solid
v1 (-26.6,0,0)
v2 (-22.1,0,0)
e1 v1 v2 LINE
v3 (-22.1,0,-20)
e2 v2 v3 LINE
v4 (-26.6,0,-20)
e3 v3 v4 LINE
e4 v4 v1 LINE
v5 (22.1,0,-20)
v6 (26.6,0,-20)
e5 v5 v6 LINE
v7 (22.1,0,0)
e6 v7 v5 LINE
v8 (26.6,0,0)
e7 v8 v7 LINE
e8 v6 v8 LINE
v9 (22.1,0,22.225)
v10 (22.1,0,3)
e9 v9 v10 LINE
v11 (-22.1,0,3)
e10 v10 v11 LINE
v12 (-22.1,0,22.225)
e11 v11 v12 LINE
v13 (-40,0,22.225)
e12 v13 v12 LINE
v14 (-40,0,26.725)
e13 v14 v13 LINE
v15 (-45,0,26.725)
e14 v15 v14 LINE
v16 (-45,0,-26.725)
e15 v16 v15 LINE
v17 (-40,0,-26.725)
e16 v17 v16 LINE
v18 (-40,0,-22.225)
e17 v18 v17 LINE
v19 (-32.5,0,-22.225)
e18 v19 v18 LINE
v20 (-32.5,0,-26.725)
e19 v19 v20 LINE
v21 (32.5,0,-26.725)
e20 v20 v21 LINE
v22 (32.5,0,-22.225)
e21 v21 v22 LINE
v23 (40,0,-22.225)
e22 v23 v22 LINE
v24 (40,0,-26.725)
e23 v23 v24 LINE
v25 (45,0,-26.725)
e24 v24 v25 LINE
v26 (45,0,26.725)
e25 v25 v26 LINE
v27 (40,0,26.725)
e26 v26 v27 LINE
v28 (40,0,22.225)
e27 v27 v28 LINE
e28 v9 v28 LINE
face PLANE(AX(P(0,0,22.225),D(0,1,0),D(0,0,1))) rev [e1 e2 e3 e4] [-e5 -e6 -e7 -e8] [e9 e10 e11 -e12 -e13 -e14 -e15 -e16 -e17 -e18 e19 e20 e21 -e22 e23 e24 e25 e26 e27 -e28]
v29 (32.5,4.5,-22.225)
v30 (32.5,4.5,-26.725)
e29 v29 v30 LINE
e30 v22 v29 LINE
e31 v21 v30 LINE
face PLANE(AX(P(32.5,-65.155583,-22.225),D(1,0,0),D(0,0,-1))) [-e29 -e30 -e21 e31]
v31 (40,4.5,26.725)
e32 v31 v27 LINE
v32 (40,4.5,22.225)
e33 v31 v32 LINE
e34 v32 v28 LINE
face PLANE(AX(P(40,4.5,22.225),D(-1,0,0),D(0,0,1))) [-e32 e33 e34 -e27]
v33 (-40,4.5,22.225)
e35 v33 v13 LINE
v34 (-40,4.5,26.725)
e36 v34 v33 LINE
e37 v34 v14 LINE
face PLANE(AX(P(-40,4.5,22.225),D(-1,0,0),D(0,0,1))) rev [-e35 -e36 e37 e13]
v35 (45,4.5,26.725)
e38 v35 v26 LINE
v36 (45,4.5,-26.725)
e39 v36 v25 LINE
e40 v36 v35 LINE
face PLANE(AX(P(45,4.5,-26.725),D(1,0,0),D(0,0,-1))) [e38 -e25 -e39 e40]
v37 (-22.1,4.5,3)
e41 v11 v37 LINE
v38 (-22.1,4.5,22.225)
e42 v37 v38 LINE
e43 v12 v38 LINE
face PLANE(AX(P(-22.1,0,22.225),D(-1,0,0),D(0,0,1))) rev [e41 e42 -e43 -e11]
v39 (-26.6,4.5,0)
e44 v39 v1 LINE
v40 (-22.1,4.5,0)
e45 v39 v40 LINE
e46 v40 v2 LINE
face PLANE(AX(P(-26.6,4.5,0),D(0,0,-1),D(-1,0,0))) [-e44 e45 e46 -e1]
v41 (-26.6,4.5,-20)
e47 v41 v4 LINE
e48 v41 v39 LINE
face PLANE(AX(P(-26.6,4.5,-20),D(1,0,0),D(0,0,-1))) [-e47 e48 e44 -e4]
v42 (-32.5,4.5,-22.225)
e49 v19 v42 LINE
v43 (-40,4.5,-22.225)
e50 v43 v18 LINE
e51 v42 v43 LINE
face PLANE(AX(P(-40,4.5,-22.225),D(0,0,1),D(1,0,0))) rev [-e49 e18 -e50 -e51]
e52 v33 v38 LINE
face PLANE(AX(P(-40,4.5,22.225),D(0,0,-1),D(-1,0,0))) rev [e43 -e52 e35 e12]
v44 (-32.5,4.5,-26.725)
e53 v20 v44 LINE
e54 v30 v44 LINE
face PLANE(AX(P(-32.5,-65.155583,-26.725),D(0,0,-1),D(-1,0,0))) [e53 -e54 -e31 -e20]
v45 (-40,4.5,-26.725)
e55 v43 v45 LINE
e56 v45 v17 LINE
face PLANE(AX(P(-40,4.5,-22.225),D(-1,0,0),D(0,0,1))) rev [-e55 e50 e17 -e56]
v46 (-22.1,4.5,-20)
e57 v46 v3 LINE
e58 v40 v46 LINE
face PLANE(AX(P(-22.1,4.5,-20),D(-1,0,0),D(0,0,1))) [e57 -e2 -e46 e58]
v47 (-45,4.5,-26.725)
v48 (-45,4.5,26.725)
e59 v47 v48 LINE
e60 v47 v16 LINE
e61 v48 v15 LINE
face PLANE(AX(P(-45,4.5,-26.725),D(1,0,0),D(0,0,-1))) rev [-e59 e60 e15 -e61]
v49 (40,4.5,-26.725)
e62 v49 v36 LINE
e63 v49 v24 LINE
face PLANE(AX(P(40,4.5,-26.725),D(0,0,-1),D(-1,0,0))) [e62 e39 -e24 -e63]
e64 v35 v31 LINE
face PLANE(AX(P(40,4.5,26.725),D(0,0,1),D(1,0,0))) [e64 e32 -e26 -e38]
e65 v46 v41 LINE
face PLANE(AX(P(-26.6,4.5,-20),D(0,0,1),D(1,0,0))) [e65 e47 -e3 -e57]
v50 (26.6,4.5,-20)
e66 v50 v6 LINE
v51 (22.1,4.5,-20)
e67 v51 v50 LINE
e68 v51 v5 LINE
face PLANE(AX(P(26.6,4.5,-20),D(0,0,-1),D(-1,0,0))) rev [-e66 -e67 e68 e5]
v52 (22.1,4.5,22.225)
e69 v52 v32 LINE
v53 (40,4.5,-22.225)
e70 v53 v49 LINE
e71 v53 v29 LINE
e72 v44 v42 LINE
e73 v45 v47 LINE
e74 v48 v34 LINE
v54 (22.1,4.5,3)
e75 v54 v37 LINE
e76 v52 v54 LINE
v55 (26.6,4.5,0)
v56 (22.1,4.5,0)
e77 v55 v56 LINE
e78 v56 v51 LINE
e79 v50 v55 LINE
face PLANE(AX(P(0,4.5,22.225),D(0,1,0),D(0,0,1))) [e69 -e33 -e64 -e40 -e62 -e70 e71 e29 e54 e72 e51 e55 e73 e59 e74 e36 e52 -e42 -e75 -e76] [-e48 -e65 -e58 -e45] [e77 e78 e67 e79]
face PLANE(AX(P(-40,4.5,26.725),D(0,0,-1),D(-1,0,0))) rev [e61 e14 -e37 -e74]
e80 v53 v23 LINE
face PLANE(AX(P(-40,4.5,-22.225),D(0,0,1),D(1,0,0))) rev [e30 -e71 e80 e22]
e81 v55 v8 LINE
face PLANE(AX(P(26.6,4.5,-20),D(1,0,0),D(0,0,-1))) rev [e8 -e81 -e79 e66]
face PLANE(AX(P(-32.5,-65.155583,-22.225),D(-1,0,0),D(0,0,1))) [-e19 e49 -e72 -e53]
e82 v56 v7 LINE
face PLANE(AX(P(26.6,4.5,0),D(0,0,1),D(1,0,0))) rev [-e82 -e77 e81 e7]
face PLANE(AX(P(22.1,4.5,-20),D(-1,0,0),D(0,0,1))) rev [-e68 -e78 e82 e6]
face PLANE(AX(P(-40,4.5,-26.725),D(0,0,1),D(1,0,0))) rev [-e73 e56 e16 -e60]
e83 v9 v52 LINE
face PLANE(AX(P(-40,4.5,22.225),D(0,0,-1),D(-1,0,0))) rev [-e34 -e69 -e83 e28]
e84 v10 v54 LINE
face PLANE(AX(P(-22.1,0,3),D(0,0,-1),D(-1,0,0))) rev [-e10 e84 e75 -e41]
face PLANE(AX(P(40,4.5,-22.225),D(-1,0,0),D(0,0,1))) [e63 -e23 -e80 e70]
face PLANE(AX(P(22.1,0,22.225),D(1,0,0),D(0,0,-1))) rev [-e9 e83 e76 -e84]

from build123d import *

# Parameters (mm, degrees)
SKETCH1_W           = 4.5
SKETCH1_H           = 20
BOSS_EXTRUDE1_DEPTH = 4.5
SKETCH2_W           = 44.2
SKETCH2_H           = 19.225
CUT_EXTRUDE1_DEPTH  = 5.5
SKETCH3_W           = 65
SKETCH3_H           = 4.5
BOSS_EXTRUDE2_DEPTH = 4.5


with BuildPart() as part:
    # Sketch1 → Boss-Extrude1 (new body)
    with BuildSketch(Plane(origin=(0, 0, 0), x_dir=(1, 0, 0), z_dir=(0, 1, 0))):
        Polygon((-40, -22.225), (-40, -26.725), (-45, -26.725), (-45, 26.725), (-40, 26.725), (-40, 22.225), (0, 22.225), (0, -22.225), align=None)
        with Locations((-24.35, 10)):
            Rectangle(SKETCH1_W, SKETCH1_H, mode=Mode.SUBTRACT)
    boss_extrude1 = extrude(amount=BOSS_EXTRUDE1_DEPTH)

    # Mirror1: Boss-Extrude1 across plane
    add(boss_extrude1.mirror(Plane(origin=(0, 4.5, -22.225), x_dir=(0, 0, 1), z_dir=(-1, 0, 0))))

    # Sketch2 → Cut-Extrude1 (cut, through all)
    with BuildSketch(Plane(origin=(0, 4.5, 0), x_dir=(1, 0, 0), z_dir=(0, 1, 0))):
        with Locations((0, -12.6125)):
            Rectangle(SKETCH2_W, SKETCH2_H)
    extrude(amount=-CUT_EXTRUDE1_DEPTH, mode=Mode.SUBTRACT)

    # Sketch3 → Boss-Extrude2 (add)
    with BuildSketch(Plane(origin=(0, 4.5, 0), x_dir=(1, 0, 0), z_dir=(0, 1, 0))):
        with Locations((0, 24.475)):
            Rectangle(SKETCH3_W, SKETCH3_H)
    extrude(amount=-BOSS_EXTRUDE2_DEPTH)


solid = part.part
